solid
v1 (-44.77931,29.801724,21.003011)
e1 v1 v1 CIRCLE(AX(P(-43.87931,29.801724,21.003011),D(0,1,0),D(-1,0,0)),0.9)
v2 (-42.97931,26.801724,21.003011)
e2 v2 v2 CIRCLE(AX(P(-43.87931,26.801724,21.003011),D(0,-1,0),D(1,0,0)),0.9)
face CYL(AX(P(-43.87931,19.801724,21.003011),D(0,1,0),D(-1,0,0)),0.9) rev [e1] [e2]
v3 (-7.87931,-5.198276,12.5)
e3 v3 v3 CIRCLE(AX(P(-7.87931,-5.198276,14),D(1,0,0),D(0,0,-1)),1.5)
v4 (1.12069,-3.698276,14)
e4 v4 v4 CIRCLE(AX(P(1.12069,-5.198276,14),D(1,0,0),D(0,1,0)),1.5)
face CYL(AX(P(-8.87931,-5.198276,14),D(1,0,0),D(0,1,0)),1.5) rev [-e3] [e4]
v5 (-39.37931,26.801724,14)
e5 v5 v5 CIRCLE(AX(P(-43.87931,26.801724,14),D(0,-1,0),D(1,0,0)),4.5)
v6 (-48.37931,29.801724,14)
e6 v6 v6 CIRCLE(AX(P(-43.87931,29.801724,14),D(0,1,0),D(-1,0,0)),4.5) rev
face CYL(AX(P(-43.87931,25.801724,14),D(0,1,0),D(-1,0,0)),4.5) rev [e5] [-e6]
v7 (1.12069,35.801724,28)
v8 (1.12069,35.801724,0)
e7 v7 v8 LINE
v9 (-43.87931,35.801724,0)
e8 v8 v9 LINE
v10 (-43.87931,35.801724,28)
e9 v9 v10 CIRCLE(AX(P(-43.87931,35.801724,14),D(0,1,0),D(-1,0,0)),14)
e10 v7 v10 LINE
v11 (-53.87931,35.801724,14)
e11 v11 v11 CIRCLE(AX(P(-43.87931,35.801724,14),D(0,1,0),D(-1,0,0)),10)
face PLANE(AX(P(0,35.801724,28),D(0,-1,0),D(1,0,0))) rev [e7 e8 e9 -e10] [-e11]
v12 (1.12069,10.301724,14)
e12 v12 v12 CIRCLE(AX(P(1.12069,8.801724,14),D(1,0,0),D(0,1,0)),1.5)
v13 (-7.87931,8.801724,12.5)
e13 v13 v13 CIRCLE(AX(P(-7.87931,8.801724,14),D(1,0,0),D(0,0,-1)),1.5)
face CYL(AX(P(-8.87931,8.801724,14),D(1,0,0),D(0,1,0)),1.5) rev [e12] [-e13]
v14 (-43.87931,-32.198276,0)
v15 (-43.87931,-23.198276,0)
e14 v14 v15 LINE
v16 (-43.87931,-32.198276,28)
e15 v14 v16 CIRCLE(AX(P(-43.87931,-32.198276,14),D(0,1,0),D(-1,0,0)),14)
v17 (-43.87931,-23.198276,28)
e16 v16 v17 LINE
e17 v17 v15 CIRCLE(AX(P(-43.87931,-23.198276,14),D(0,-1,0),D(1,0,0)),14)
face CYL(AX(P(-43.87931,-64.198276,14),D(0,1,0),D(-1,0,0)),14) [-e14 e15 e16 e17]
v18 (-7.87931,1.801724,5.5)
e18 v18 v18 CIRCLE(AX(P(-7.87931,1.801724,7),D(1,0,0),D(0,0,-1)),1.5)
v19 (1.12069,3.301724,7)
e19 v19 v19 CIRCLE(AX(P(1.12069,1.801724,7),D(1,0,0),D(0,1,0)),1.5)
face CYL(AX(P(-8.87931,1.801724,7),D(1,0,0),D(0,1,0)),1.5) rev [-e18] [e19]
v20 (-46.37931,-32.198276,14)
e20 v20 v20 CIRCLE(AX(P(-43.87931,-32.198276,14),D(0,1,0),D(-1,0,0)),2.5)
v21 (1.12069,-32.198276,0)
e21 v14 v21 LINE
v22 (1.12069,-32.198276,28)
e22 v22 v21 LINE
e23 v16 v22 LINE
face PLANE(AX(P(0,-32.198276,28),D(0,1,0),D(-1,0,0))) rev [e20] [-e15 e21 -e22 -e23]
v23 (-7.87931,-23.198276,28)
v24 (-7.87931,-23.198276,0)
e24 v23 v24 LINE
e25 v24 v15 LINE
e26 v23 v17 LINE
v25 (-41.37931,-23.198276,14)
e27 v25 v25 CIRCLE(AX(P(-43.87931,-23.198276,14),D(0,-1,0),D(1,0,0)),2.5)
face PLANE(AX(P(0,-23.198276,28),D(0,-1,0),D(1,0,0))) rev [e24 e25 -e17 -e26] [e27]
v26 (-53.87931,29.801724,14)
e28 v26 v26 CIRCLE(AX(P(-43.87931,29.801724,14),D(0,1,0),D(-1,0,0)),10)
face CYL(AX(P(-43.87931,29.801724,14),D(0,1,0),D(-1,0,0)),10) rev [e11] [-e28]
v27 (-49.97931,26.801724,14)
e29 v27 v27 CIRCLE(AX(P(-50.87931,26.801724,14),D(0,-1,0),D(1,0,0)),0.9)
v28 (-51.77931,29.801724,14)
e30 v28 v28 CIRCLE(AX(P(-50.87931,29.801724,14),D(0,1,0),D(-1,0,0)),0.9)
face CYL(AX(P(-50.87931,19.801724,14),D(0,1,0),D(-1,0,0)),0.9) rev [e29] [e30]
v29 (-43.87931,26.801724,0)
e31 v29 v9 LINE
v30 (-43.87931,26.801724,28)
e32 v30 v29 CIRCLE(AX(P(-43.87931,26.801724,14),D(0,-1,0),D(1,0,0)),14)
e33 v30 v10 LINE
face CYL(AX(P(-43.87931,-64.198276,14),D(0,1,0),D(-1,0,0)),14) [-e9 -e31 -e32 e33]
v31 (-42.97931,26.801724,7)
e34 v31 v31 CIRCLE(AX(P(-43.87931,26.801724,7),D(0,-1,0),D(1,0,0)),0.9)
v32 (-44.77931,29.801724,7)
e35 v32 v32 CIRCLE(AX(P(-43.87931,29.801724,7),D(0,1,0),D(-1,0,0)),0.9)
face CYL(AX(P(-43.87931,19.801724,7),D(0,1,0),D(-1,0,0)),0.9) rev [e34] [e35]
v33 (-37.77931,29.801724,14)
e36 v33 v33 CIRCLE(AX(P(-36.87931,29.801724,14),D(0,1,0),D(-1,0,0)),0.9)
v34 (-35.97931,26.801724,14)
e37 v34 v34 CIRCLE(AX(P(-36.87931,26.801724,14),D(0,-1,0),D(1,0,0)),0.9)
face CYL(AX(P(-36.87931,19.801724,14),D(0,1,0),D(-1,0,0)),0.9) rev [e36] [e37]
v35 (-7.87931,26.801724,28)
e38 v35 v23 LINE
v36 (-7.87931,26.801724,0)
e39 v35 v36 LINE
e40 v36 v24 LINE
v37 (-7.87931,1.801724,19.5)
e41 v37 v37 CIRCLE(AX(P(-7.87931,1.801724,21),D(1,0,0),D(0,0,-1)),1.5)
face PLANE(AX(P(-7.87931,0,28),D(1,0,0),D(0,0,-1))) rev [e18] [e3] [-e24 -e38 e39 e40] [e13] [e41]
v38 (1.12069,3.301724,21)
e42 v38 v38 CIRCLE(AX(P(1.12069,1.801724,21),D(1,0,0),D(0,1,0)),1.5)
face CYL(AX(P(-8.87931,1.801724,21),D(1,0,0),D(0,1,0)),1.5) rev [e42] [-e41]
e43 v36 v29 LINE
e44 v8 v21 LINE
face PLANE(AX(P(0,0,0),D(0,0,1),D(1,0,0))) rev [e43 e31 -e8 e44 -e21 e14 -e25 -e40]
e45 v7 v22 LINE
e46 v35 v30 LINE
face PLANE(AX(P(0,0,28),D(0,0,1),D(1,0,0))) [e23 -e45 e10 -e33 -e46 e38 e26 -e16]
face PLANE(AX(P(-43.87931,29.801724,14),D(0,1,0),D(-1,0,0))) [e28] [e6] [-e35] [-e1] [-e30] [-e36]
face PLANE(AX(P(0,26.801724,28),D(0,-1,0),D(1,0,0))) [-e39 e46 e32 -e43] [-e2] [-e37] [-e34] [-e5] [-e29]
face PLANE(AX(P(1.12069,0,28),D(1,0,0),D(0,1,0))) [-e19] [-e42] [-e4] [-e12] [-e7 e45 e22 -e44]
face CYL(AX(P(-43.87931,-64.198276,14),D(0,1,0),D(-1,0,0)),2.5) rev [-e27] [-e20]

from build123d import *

# Parameters (mm, degrees)
SKETCH1_W           = 50
SKETCH1_H           = 9
SKETCH1_W_2         = 9
SKETCH1_H_2         = 68
BOSS_EXTRUDE1_DEPTH = 28
SKETCH2_R           = 2.5
CUT_EXTRUDE2_DEPTH  = 100
SKETCH4_R           = 4.5
CUT_EXTRUDE3_DEPTH  = 10
SKETCH5_R           = 10
CUT_EXTRUDE4_DEPTH  = 6
SKETCH7_R           = 1.5
CUT_EXTRUDE5_DEPTH  = 10
CUT_EXTRUDE6_DEPTH  = 10


with BuildPart() as part:
    # Sketch1 → Boss-Extrude1 (new body)
    with BuildSketch(Plane.XY):
        with Locations((-32.879310345, 31.301724138)):
            Rectangle(SKETCH1_W, SKETCH1_H)
        with Locations((-3.379310345, 1.801724138)):
            Rectangle(SKETCH1_W_2, SKETCH1_H_2)
        with Locations((-32.879310345, -27.698275862)):
            Rectangle(SKETCH1_W, SKETCH1_H)
    extrude(amount=BOSS_EXTRUDE1_DEPTH)

    # Sketch2 → Cut-Extrude2 (cut)
    with BuildSketch(Plane(origin=(0, 35.801724138, 0), x_dir=(1, 0, 0), z_dir=(0, 1, 0))):
        with Locations(Location((-43.879310345, -14, 0), (0, 0, 180))):
            Circle(SKETCH2_R)
        with BuildLine():
            ThreePointArc((-43.879310345, -28), (-53.778805281, -23.899494937), (-57.879310345, -14))
            Line((-57.879310345, -14), (-57.879310345, -28))
            Line((-57.879310345, -28), (-43.879310345, -28))
        make_face()
        with BuildLine():
            Line((-57.879310345, 0), (-57.879310345, -14))
            ThreePointArc((-57.879310345, -14), (-53.778805281, -4.100505063), (-43.879310345, 0))
            Line((-43.879310345, 0), (-57.879310345, 0))
        make_face()
    extrude(amount=-CUT_EXTRUDE2_DEPTH, mode=Mode.SUBTRACT)

    # Sketch4 → Cut-Extrude3 (cut)
    with BuildSketch(Plane(origin=(0, 35.801724138, 0), x_dir=(1, 0, 0), z_dir=(0, 1, 0))):
        with Locations(Location((-43.879310345, -14, 0), (0, 0, 180))):
            Circle(SKETCH4_R)
    extrude(amount=-CUT_EXTRUDE3_DEPTH, mode=Mode.SUBTRACT)

    # Sketch5 → Cut-Extrude4 (cut)
    with BuildSketch(Plane(origin=(0, 35.801724138, 0), x_dir=(1, 0, 0), z_dir=(0, 1, 0))):
        with Locations(Location((-43.879310345, -14, 0), (0, 0, 180))):
            Circle(SKETCH5_R)
    extrude(amount=-CUT_EXTRUDE4_DEPTH, mode=Mode.SUBTRACT)

    # Sketch7 → Cut-Extrude5 (cut)
    with BuildSketch(Plane(origin=(1.120689655, 0, 0), x_dir=(0, 0, -1), z_dir=(1, 0, 0))):
        with Locations(Location((-14, 8.801724138, 0), (0, 0, 90))):
            Circle(SKETCH7_R)
        with Locations(Location((-14, -5.198275862, 0), (0, 0, 90))):
            Circle(SKETCH7_R)
        with Locations(Location((-7, 1.801724138, 0), (0, 0, 90))):
            Circle(SKETCH7_R)
        with Locations(Location((-21, 1.801724138, 0), (0, 0, 90))):
            Circle(SKETCH7_R)
    extrude(amount=-CUT_EXTRUDE5_DEPTH, mode=Mode.SUBTRACT)

    # Sketch8 → Cut-Extrude6 (cut)
    with BuildSketch(Plane(origin=(0, 29.801724138, 0), x_dir=(1, 0, 0), z_dir=(0, 1, 0))):
        with BuildLine():
            ThreePointArc((-42.979310345, -21.003011395), (-43.242914242, -20.366615292), (-43.879310345, -20.103011395))
            Line((-43.879310345, -20.103011395), (-43.879310345, -21.903011395))
            ThreePointArc((-43.879310345, -21.903011395), (-43.242914242, -21.639407498), (-42.979310345, -21.003011395))
        make_face()
        with BuildLine():
            Line((-43.879310345, -21.903011395), (-43.879310345, -20.103011395))
            ThreePointArc((-43.879310345, -20.103011395), (-44.779310345, -21.003011395), (-43.879310345, -21.903011395))
        make_face()
        with BuildLine():
            ThreePointArc((-35.979310345, -14), (-36.879310345, -13.1), (-37.779310345, -14))
            Line((-37.779310345, -14), (-35.979310345, -14))
        make_face()
        with BuildLine():
            Line((-35.979310345, -14), (-37.779310345, -14))
            ThreePointArc((-37.779310345, -14), (-36.879310345, -14.9), (-35.979310345, -14))
        make_face()
        with BuildLine():
            ThreePointArc((-43.879310345, -6.1), (-44.779310345, -7), (-43.879310345, -7.9))
            Line((-43.879310345, -7.9), (-43.879310345, -6.1))
        make_face()
        with BuildLine():
            Line((-43.879310345, -6.1), (-43.879310345, -7.9))
            ThreePointArc((-43.879310345, -7.9), (-43.242914242, -7.636396103), (-42.979310345, -7))
            ThreePointArc((-42.979310345, -7), (-43.242914242, -6.363603897), (-43.879310345, -6.1))
        make_face()
        with BuildLine():
            ThreePointArc((-51.779310345, -14), (-50.879310345, -14.9), (-49.979310345, -14))
            Line((-49.979310345, -14), (-51.779310345, -14))
        make_face()
        with BuildLine():
            Line((-51.779310345, -14), (-49.979310345, -14))
            ThreePointArc((-49.979310345, -14), (-50.879310345, -13.1), (-51.779310345, -14))
        make_face()
    extrude(amount=-CUT_EXTRUDE6_DEPTH, mode=Mode.SUBTRACT)


solid = part.part
